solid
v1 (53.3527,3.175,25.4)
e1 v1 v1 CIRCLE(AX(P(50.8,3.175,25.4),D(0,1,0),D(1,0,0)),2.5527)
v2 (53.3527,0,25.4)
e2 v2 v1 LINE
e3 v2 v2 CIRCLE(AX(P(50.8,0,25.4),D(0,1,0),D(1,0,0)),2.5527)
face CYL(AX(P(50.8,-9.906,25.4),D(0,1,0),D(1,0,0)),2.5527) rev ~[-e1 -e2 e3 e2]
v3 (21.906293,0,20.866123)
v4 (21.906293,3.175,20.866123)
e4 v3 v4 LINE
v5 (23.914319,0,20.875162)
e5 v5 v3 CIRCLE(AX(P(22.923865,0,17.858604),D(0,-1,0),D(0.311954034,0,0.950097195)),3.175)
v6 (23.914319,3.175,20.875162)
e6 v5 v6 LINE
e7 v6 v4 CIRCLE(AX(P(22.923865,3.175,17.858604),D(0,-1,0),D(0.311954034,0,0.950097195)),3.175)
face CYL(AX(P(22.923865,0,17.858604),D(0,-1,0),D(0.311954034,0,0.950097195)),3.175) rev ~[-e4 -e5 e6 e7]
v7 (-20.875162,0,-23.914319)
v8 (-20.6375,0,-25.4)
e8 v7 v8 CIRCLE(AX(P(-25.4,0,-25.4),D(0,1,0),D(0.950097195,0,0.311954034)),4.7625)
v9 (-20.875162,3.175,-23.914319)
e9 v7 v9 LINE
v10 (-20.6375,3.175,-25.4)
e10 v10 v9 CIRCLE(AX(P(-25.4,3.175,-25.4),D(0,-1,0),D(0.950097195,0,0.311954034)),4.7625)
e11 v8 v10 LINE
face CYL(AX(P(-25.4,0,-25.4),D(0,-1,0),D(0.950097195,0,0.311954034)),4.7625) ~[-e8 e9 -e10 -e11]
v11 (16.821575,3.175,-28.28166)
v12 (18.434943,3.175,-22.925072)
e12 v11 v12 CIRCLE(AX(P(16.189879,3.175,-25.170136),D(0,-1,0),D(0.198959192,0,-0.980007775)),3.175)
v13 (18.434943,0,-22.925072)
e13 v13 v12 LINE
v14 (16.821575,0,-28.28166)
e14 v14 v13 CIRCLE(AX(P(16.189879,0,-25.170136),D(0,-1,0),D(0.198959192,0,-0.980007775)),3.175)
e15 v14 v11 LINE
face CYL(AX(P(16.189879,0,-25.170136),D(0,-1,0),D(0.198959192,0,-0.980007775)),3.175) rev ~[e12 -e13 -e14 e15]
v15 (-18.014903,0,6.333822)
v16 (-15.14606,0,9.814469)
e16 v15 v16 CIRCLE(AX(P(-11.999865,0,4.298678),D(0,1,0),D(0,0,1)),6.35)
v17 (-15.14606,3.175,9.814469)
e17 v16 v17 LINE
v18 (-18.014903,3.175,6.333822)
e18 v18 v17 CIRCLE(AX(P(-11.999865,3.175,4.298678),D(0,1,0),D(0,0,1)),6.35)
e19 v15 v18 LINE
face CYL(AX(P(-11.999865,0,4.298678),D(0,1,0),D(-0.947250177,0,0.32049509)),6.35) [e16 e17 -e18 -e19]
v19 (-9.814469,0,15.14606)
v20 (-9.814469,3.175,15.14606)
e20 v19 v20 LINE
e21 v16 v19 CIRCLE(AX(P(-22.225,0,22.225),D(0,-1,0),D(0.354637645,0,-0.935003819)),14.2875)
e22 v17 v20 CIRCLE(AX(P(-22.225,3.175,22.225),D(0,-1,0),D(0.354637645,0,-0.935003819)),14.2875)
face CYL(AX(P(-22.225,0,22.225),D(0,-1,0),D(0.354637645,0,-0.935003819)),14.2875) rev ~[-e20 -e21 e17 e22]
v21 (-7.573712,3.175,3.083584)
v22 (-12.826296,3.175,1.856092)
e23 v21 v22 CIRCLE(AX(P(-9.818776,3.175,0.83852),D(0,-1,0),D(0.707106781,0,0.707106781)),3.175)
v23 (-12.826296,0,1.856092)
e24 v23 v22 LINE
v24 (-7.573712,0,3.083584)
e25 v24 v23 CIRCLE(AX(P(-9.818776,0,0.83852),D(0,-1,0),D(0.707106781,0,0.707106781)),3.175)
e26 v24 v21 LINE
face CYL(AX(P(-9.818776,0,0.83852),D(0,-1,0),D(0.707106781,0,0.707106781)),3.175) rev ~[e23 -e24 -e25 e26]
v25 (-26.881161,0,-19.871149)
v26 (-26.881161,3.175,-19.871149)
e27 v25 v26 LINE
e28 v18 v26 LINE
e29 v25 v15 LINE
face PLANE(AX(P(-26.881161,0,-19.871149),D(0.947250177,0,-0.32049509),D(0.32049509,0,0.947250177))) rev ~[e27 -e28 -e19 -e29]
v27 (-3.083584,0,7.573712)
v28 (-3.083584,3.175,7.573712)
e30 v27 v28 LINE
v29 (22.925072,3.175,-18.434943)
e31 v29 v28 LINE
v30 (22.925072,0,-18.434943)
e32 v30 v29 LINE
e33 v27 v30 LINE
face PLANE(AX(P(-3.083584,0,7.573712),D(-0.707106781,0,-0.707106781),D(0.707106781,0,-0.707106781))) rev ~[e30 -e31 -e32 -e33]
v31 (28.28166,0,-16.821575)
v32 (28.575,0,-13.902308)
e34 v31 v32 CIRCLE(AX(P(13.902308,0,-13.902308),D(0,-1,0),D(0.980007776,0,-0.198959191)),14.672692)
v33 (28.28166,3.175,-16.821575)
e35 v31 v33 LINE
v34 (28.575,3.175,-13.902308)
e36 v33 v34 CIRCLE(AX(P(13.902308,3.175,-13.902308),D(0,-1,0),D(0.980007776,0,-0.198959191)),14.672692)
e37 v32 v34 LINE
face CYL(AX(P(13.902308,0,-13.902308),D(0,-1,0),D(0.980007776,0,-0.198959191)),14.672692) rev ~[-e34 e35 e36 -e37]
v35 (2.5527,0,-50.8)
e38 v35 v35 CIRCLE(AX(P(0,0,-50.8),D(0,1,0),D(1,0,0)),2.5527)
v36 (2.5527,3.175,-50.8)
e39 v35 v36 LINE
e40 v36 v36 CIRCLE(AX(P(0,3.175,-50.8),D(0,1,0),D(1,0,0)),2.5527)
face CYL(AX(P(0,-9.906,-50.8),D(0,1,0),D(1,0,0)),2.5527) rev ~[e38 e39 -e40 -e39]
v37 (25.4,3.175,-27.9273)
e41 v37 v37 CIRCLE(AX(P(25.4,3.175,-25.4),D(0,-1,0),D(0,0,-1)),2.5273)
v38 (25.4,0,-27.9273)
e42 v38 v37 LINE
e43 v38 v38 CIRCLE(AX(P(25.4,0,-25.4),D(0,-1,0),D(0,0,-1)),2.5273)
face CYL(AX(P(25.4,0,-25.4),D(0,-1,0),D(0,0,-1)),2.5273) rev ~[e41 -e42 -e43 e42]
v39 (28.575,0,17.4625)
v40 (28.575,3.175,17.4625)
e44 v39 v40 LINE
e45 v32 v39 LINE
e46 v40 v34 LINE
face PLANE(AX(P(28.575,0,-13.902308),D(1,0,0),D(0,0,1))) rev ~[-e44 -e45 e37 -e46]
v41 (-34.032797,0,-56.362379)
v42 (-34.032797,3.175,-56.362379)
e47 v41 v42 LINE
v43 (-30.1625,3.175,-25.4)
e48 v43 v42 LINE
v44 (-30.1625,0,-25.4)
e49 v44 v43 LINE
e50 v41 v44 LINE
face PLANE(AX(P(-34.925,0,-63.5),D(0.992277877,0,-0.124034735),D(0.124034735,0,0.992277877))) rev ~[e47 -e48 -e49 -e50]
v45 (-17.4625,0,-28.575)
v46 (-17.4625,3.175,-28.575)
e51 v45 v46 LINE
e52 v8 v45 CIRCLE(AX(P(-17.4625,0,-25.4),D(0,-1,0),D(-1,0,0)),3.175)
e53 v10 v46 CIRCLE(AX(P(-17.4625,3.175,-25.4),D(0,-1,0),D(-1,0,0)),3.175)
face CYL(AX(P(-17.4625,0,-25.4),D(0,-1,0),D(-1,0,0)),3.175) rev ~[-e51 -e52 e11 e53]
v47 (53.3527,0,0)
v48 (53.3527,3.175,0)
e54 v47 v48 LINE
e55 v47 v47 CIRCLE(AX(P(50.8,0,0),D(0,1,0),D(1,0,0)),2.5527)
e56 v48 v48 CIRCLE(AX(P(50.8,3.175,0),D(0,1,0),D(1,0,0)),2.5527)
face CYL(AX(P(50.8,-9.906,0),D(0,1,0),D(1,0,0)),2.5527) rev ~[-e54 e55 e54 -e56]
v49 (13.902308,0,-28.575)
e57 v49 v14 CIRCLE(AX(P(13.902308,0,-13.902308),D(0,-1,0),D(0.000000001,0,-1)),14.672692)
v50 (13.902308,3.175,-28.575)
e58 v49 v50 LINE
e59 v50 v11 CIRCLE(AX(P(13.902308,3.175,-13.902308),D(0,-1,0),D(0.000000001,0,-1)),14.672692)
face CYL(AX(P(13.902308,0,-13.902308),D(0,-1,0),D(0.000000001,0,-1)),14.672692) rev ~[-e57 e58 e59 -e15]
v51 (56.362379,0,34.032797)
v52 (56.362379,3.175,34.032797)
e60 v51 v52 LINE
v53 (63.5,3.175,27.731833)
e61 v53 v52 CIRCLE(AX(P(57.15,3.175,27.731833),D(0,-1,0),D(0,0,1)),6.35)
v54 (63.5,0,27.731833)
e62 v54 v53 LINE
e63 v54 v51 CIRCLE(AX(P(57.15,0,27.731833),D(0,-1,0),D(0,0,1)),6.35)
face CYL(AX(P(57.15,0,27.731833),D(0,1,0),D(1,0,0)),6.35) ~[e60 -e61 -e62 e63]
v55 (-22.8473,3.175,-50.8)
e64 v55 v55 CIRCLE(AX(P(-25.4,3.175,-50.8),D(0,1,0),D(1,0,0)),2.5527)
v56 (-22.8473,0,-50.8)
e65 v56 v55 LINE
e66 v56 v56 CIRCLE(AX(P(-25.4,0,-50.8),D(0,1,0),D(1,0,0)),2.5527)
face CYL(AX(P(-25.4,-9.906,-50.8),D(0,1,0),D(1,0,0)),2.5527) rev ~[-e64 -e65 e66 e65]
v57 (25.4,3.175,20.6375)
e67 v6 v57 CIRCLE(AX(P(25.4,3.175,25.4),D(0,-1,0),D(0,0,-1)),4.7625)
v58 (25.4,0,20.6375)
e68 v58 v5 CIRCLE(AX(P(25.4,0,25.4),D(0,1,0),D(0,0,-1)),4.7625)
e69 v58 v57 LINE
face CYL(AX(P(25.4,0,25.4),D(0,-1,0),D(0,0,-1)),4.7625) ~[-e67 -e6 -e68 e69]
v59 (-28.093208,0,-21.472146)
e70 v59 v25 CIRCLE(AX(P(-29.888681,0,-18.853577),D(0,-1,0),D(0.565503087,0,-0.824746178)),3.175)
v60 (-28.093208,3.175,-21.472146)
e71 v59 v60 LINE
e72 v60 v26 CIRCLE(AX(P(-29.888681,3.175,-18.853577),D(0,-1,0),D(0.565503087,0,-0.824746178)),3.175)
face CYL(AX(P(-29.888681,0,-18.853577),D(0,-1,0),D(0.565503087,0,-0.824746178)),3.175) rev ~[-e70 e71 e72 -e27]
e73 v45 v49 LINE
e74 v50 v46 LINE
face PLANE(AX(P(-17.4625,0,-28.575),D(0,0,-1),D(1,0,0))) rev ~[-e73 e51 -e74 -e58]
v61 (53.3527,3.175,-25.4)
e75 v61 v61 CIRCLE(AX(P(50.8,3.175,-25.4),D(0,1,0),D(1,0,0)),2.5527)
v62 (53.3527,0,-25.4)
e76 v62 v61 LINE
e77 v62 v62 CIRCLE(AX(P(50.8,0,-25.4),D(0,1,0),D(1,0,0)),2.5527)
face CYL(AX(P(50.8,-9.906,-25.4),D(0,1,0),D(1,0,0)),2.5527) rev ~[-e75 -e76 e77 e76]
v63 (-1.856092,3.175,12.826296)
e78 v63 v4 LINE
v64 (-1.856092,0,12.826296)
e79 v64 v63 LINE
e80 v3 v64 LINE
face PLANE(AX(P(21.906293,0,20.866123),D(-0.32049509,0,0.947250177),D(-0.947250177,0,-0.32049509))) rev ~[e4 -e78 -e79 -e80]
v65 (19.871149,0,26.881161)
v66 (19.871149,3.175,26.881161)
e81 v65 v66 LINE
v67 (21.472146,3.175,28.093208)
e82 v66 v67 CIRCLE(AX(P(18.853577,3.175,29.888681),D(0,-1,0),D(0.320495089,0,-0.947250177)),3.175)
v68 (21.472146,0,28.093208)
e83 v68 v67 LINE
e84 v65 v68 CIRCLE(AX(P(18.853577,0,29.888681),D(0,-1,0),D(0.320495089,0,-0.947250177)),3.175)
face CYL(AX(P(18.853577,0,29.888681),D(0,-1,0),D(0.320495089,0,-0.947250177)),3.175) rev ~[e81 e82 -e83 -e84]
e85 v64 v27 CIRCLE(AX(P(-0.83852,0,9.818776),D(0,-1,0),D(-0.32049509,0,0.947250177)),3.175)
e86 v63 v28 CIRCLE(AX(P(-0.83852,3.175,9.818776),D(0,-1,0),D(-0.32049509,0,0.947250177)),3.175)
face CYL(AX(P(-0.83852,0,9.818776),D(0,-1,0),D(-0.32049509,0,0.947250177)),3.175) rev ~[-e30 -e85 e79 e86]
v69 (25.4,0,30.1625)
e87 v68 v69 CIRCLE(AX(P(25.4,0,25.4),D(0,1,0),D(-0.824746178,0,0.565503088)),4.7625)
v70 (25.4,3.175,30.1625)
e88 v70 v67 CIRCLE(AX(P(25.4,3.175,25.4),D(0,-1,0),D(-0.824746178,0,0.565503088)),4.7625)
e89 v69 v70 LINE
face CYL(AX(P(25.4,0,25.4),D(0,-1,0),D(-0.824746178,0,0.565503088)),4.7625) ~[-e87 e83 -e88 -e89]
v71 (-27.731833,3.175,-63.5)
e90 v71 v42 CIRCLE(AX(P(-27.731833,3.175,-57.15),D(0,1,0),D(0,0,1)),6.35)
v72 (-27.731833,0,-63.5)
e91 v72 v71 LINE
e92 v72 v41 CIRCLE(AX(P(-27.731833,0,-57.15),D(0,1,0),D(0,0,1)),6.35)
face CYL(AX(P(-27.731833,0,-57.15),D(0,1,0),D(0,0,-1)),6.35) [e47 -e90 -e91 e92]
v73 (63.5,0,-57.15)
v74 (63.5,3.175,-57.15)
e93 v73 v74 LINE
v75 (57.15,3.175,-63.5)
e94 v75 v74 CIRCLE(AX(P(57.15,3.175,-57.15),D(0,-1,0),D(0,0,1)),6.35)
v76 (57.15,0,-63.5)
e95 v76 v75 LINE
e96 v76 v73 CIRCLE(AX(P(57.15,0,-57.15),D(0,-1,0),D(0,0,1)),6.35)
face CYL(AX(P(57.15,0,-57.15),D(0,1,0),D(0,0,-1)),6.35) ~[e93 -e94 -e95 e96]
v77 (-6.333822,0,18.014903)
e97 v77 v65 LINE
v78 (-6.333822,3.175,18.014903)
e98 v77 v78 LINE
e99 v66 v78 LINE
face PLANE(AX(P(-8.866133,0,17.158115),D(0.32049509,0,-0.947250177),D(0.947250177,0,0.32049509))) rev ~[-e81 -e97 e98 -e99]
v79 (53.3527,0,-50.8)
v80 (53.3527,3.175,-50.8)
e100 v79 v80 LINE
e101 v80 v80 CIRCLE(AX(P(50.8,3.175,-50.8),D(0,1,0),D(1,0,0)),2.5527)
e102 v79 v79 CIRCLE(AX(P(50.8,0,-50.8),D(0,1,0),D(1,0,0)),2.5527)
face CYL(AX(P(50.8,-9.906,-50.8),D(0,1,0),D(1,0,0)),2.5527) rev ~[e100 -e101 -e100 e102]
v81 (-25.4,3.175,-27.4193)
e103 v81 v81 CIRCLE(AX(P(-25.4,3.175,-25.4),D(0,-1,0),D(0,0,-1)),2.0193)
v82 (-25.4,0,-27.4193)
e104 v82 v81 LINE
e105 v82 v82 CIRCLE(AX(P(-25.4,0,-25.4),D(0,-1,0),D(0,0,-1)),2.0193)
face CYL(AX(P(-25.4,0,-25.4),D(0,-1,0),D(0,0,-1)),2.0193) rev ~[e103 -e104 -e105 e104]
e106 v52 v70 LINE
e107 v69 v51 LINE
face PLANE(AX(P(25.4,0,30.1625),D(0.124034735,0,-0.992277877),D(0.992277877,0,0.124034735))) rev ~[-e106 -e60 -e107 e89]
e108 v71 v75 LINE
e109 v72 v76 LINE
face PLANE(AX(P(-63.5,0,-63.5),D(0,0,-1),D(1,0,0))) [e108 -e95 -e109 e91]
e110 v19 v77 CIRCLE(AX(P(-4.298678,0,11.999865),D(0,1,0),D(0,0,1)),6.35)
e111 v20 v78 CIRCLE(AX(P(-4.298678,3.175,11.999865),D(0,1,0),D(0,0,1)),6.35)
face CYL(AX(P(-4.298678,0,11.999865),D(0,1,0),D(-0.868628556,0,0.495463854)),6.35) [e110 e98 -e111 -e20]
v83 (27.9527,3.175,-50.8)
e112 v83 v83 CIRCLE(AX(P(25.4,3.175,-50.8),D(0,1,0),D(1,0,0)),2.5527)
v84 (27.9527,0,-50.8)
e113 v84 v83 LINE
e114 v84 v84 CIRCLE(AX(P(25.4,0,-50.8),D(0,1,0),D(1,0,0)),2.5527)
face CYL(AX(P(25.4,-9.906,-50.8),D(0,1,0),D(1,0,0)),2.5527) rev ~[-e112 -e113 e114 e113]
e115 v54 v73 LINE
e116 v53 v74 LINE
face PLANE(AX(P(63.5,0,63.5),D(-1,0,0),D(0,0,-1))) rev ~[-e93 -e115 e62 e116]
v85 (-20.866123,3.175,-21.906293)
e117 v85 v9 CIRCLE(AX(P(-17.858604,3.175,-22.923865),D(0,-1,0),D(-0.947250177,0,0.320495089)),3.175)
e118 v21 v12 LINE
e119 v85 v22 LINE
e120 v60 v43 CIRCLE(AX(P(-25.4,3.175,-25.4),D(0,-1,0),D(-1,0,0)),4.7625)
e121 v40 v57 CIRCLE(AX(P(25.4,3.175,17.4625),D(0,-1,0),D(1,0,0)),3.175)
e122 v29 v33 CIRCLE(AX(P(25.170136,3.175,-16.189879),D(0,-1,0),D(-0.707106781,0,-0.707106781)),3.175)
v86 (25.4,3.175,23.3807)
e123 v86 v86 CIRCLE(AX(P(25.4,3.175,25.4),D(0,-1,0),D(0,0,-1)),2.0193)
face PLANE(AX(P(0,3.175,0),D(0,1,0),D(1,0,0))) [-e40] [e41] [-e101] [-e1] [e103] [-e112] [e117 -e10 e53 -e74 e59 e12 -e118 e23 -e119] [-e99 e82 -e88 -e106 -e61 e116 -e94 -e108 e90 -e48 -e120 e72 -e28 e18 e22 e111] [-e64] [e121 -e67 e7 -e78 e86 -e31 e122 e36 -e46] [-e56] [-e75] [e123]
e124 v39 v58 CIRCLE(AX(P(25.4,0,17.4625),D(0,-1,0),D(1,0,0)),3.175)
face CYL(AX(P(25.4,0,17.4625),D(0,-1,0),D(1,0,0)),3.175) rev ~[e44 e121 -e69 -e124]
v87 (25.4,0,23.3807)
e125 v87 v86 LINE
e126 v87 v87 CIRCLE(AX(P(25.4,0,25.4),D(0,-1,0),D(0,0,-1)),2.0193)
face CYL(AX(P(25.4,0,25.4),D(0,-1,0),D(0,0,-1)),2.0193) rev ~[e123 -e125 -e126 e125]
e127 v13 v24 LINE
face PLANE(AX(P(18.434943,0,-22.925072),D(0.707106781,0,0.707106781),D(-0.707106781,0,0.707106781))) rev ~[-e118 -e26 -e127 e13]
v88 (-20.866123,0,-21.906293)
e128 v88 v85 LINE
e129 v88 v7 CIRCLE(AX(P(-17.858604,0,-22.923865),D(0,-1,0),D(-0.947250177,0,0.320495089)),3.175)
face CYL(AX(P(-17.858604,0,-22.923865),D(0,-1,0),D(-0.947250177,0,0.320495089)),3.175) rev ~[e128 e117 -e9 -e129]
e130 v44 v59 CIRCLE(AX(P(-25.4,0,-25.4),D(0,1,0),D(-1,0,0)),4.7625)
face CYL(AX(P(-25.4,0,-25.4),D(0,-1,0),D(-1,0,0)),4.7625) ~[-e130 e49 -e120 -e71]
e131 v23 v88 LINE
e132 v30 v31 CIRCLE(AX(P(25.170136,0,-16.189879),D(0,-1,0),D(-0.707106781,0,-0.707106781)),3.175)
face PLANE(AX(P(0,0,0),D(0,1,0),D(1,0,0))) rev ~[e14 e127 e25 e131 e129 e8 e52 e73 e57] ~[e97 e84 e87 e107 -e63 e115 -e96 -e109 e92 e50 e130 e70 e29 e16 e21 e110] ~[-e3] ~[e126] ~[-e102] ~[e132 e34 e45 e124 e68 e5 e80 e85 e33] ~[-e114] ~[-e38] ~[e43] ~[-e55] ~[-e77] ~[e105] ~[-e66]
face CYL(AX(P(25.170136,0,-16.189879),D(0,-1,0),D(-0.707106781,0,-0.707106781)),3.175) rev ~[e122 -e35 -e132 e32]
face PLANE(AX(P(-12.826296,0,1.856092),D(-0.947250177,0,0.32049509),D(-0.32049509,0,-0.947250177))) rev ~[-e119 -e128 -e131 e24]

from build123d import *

# Parameters (mm, degrees)
SKETCH1_W                  = 127
SKETCH1_H                  = 127
BOSS_EXTRUDE_1_DEPTH       = 3.175
SKETCH5_R                  = 2.5273
SKETCH5_R_2                = 2.0193
CUT_EXTRUDE1_DEPTH         = 90.858670283
FILLET1_R                  = 6.35
FILLET2_R                  = 6.35
FILLET3_R                  = 6.35
F_10_CLEARANCE_HOLE1_D     = 5.1054
F_10_CLEARANCE_HOLE1_DEPTH = 9.906
F_10_CLEARANCE_HOLE1_TIP   = 1.533816902


with BuildPart() as part:
    # Sketch1 → Boss-Extrude 1 (new body)
    with BuildSketch(Plane(origin=(0, 0, 0), x_dir=(1, 0, 0), z_dir=(0, 1, 0))):
        Rectangle(SKETCH1_W, SKETCH1_H)
    extrude(amount=BOSS_EXTRUDE_1_DEPTH)

    # Sketch5 → Cut-Extrude1 (cut, through all)
    with BuildSketch(Plane.XZ):
        with BuildLine():
            ThreePointArc((-30.1625, -25.4), (-29.613538389, -23.180202601), (-28.093208455, -21.472146328))
            ThreePointArc((-28.093208455, -21.472146328), (-27.35728191, -20.769991802), (-26.881161446, -19.871149123))
            Line((-26.881161446, -19.871149123), (-17.158114653, 8.86613294))
            ThreePointArc((-17.158114653, 8.86613294), (-12.122211864, 12.122211864), (-8.86613294, 17.158114653))
            Line((-8.86613294, 17.158114653), (19.871149123, 26.881161446))
            ThreePointArc((19.871149123, 26.881161446), (20.769991802, 27.35728191), (21.472146328, 28.093208455))
            ThreePointArc((21.472146328, 28.093208455), (23.180202601, 29.613538389), (25.4, 30.1625))
            Line((25.4, 30.1625), (63.5, 34.925))
            Line((63.5, 34.925), (63.5, 63.5))
            Line((63.5, 63.5), (-63.5, 63.5))
            Line((-63.5, 63.5), (-63.5, -63.5))
            Line((-63.5, -63.5), (-34.925, -63.5))
            Line((-34.925, -63.5), (-30.1625, -25.4))
        make_face()
        with BuildLine():
            ThreePointArc((16.821574871, -28.281660245), (19.229977614, -26.085792739), (18.434943467, -22.925071528))
            Line((18.434943467, -22.925071528), (-7.573712289, 3.083584229))
            ThreePointArc((-7.573712289, 3.083584229), (-10.541284963, 3.930219773), (-12.826295631, 1.856092108))
            Line((-12.826295631, 1.856092108), (-20.866122824, -21.906292943))
            ThreePointArc((-20.866122824, -21.906292943), (-21.033571343, -22.90957249), (-20.875162107, -23.914318912))
            ThreePointArc((-20.875162107, -23.914318912), (-20.697290849, -24.647714886), (-20.6375, -25.4))
            ThreePointArc((-20.6375, -25.4), (-19.70756403, -27.64506403), (-17.4625, -28.575))
            Line((-17.4625, -28.575), (13.902307909, -28.575))
            ThreePointArc((13.902307909, -28.575), (15.369291874, -28.501480873), (16.821574871, -28.281660245))
        make_face()
        with BuildLine():
            ThreePointArc((28.281660245, -16.821574871), (28.501480873, -15.369291874), (28.575, -13.902307909))
            Line((28.575, -13.902307909), (28.575, 17.4625))
            ThreePointArc((28.575, 17.4625), (27.64506403, 19.70756403), (25.4, 20.6375))
            ThreePointArc((25.4, 20.6375), (24.647714886, 20.697290849), (23.914318912, 20.875162107))
            ThreePointArc((23.914318912, 20.875162107), (22.90957249, 21.033571343), (21.906292943, 20.866122824))
            Line((21.906292943, 20.866122824), (-1.856092108, 12.826295631))
            ThreePointArc((-1.856092108, 12.826295631), (-3.930219773, 10.541284963), (-3.083584229, 7.573712289))
            Line((-3.083584229, 7.573712289), (22.925071528, -18.434943467))
            ThreePointArc((22.925071528, -18.434943467), (26.085792739, -19.229977614), (28.281660245, -16.821574871))
        make_face()
        with Locations(Location((25.4, -25.4, 0), (0, 0, 270))):
            Circle(SKETCH5_R)
        with Locations(Location((-25.4, -25.4, 0), (0, 0, 270))):
            Circle(SKETCH5_R_2)
        with Locations(Location((25.4, 25.4, 0), (0, 0, 270))):
            Circle(SKETCH5_R_2)
    extrude(amount=-CUT_EXTRUDE1_DEPTH, mode=Mode.SUBTRACT)

    # Fillet1
    fillet1_edges = [part.edges().sort_by_distance(p)[0] for p in [
        (63.5, 1.5875, -63.5),
    ]]
    fillet(fillet1_edges, radius=FILLET1_R)

    # Fillet2
    fillet2_edges = [part.edges().sort_by_distance(p)[0] for p in [
        (-34.925, 1.5875, -63.5),
        (63.5, 1.5875, 34.925),
    ]]
    fillet(fillet2_edges, radius=FILLET2_R)

    # Fillet3
    fillet3_edges = [part.edges().sort_by_distance(p)[0] for p in [
        (-8.86613294, 1.5875, 17.158114653),
        (-17.158114653, 1.5875, 8.86613294),
    ]]
    fillet(fillet3_edges, radius=FILLET3_R)

    # #10 Clearance Hole1
    with Locations(Plane(origin=(0, 0, 0), x_dir=(-1, 0, 0), z_dir=(0, -1, 0))):
        with Locations((-50.8, 50.8), (-25.4, 50.8), (38.1, 50.8), (50.8, 50.8), (0, 50.8), (76.2, 50.8), (25.4, 50.8), (-50.8, 25.4), (-50.8, 0), (-50.8, -25.4), (-50.8, -50.8), (-50.8, -76.2)):
            Hole(F_10_CLEARANCE_HOLE1_D / 2, depth=F_10_CLEARANCE_HOLE1_DEPTH)
            with Locations((0, 0, -(F_10_CLEARANCE_HOLE1_DEPTH + F_10_CLEARANCE_HOLE1_TIP / 2))):  # 118° drill point
                Cone(0, F_10_CLEARANCE_HOLE1_D / 2, F_10_CLEARANCE_HOLE1_TIP, mode=Mode.SUBTRACT)


solid = part.part
